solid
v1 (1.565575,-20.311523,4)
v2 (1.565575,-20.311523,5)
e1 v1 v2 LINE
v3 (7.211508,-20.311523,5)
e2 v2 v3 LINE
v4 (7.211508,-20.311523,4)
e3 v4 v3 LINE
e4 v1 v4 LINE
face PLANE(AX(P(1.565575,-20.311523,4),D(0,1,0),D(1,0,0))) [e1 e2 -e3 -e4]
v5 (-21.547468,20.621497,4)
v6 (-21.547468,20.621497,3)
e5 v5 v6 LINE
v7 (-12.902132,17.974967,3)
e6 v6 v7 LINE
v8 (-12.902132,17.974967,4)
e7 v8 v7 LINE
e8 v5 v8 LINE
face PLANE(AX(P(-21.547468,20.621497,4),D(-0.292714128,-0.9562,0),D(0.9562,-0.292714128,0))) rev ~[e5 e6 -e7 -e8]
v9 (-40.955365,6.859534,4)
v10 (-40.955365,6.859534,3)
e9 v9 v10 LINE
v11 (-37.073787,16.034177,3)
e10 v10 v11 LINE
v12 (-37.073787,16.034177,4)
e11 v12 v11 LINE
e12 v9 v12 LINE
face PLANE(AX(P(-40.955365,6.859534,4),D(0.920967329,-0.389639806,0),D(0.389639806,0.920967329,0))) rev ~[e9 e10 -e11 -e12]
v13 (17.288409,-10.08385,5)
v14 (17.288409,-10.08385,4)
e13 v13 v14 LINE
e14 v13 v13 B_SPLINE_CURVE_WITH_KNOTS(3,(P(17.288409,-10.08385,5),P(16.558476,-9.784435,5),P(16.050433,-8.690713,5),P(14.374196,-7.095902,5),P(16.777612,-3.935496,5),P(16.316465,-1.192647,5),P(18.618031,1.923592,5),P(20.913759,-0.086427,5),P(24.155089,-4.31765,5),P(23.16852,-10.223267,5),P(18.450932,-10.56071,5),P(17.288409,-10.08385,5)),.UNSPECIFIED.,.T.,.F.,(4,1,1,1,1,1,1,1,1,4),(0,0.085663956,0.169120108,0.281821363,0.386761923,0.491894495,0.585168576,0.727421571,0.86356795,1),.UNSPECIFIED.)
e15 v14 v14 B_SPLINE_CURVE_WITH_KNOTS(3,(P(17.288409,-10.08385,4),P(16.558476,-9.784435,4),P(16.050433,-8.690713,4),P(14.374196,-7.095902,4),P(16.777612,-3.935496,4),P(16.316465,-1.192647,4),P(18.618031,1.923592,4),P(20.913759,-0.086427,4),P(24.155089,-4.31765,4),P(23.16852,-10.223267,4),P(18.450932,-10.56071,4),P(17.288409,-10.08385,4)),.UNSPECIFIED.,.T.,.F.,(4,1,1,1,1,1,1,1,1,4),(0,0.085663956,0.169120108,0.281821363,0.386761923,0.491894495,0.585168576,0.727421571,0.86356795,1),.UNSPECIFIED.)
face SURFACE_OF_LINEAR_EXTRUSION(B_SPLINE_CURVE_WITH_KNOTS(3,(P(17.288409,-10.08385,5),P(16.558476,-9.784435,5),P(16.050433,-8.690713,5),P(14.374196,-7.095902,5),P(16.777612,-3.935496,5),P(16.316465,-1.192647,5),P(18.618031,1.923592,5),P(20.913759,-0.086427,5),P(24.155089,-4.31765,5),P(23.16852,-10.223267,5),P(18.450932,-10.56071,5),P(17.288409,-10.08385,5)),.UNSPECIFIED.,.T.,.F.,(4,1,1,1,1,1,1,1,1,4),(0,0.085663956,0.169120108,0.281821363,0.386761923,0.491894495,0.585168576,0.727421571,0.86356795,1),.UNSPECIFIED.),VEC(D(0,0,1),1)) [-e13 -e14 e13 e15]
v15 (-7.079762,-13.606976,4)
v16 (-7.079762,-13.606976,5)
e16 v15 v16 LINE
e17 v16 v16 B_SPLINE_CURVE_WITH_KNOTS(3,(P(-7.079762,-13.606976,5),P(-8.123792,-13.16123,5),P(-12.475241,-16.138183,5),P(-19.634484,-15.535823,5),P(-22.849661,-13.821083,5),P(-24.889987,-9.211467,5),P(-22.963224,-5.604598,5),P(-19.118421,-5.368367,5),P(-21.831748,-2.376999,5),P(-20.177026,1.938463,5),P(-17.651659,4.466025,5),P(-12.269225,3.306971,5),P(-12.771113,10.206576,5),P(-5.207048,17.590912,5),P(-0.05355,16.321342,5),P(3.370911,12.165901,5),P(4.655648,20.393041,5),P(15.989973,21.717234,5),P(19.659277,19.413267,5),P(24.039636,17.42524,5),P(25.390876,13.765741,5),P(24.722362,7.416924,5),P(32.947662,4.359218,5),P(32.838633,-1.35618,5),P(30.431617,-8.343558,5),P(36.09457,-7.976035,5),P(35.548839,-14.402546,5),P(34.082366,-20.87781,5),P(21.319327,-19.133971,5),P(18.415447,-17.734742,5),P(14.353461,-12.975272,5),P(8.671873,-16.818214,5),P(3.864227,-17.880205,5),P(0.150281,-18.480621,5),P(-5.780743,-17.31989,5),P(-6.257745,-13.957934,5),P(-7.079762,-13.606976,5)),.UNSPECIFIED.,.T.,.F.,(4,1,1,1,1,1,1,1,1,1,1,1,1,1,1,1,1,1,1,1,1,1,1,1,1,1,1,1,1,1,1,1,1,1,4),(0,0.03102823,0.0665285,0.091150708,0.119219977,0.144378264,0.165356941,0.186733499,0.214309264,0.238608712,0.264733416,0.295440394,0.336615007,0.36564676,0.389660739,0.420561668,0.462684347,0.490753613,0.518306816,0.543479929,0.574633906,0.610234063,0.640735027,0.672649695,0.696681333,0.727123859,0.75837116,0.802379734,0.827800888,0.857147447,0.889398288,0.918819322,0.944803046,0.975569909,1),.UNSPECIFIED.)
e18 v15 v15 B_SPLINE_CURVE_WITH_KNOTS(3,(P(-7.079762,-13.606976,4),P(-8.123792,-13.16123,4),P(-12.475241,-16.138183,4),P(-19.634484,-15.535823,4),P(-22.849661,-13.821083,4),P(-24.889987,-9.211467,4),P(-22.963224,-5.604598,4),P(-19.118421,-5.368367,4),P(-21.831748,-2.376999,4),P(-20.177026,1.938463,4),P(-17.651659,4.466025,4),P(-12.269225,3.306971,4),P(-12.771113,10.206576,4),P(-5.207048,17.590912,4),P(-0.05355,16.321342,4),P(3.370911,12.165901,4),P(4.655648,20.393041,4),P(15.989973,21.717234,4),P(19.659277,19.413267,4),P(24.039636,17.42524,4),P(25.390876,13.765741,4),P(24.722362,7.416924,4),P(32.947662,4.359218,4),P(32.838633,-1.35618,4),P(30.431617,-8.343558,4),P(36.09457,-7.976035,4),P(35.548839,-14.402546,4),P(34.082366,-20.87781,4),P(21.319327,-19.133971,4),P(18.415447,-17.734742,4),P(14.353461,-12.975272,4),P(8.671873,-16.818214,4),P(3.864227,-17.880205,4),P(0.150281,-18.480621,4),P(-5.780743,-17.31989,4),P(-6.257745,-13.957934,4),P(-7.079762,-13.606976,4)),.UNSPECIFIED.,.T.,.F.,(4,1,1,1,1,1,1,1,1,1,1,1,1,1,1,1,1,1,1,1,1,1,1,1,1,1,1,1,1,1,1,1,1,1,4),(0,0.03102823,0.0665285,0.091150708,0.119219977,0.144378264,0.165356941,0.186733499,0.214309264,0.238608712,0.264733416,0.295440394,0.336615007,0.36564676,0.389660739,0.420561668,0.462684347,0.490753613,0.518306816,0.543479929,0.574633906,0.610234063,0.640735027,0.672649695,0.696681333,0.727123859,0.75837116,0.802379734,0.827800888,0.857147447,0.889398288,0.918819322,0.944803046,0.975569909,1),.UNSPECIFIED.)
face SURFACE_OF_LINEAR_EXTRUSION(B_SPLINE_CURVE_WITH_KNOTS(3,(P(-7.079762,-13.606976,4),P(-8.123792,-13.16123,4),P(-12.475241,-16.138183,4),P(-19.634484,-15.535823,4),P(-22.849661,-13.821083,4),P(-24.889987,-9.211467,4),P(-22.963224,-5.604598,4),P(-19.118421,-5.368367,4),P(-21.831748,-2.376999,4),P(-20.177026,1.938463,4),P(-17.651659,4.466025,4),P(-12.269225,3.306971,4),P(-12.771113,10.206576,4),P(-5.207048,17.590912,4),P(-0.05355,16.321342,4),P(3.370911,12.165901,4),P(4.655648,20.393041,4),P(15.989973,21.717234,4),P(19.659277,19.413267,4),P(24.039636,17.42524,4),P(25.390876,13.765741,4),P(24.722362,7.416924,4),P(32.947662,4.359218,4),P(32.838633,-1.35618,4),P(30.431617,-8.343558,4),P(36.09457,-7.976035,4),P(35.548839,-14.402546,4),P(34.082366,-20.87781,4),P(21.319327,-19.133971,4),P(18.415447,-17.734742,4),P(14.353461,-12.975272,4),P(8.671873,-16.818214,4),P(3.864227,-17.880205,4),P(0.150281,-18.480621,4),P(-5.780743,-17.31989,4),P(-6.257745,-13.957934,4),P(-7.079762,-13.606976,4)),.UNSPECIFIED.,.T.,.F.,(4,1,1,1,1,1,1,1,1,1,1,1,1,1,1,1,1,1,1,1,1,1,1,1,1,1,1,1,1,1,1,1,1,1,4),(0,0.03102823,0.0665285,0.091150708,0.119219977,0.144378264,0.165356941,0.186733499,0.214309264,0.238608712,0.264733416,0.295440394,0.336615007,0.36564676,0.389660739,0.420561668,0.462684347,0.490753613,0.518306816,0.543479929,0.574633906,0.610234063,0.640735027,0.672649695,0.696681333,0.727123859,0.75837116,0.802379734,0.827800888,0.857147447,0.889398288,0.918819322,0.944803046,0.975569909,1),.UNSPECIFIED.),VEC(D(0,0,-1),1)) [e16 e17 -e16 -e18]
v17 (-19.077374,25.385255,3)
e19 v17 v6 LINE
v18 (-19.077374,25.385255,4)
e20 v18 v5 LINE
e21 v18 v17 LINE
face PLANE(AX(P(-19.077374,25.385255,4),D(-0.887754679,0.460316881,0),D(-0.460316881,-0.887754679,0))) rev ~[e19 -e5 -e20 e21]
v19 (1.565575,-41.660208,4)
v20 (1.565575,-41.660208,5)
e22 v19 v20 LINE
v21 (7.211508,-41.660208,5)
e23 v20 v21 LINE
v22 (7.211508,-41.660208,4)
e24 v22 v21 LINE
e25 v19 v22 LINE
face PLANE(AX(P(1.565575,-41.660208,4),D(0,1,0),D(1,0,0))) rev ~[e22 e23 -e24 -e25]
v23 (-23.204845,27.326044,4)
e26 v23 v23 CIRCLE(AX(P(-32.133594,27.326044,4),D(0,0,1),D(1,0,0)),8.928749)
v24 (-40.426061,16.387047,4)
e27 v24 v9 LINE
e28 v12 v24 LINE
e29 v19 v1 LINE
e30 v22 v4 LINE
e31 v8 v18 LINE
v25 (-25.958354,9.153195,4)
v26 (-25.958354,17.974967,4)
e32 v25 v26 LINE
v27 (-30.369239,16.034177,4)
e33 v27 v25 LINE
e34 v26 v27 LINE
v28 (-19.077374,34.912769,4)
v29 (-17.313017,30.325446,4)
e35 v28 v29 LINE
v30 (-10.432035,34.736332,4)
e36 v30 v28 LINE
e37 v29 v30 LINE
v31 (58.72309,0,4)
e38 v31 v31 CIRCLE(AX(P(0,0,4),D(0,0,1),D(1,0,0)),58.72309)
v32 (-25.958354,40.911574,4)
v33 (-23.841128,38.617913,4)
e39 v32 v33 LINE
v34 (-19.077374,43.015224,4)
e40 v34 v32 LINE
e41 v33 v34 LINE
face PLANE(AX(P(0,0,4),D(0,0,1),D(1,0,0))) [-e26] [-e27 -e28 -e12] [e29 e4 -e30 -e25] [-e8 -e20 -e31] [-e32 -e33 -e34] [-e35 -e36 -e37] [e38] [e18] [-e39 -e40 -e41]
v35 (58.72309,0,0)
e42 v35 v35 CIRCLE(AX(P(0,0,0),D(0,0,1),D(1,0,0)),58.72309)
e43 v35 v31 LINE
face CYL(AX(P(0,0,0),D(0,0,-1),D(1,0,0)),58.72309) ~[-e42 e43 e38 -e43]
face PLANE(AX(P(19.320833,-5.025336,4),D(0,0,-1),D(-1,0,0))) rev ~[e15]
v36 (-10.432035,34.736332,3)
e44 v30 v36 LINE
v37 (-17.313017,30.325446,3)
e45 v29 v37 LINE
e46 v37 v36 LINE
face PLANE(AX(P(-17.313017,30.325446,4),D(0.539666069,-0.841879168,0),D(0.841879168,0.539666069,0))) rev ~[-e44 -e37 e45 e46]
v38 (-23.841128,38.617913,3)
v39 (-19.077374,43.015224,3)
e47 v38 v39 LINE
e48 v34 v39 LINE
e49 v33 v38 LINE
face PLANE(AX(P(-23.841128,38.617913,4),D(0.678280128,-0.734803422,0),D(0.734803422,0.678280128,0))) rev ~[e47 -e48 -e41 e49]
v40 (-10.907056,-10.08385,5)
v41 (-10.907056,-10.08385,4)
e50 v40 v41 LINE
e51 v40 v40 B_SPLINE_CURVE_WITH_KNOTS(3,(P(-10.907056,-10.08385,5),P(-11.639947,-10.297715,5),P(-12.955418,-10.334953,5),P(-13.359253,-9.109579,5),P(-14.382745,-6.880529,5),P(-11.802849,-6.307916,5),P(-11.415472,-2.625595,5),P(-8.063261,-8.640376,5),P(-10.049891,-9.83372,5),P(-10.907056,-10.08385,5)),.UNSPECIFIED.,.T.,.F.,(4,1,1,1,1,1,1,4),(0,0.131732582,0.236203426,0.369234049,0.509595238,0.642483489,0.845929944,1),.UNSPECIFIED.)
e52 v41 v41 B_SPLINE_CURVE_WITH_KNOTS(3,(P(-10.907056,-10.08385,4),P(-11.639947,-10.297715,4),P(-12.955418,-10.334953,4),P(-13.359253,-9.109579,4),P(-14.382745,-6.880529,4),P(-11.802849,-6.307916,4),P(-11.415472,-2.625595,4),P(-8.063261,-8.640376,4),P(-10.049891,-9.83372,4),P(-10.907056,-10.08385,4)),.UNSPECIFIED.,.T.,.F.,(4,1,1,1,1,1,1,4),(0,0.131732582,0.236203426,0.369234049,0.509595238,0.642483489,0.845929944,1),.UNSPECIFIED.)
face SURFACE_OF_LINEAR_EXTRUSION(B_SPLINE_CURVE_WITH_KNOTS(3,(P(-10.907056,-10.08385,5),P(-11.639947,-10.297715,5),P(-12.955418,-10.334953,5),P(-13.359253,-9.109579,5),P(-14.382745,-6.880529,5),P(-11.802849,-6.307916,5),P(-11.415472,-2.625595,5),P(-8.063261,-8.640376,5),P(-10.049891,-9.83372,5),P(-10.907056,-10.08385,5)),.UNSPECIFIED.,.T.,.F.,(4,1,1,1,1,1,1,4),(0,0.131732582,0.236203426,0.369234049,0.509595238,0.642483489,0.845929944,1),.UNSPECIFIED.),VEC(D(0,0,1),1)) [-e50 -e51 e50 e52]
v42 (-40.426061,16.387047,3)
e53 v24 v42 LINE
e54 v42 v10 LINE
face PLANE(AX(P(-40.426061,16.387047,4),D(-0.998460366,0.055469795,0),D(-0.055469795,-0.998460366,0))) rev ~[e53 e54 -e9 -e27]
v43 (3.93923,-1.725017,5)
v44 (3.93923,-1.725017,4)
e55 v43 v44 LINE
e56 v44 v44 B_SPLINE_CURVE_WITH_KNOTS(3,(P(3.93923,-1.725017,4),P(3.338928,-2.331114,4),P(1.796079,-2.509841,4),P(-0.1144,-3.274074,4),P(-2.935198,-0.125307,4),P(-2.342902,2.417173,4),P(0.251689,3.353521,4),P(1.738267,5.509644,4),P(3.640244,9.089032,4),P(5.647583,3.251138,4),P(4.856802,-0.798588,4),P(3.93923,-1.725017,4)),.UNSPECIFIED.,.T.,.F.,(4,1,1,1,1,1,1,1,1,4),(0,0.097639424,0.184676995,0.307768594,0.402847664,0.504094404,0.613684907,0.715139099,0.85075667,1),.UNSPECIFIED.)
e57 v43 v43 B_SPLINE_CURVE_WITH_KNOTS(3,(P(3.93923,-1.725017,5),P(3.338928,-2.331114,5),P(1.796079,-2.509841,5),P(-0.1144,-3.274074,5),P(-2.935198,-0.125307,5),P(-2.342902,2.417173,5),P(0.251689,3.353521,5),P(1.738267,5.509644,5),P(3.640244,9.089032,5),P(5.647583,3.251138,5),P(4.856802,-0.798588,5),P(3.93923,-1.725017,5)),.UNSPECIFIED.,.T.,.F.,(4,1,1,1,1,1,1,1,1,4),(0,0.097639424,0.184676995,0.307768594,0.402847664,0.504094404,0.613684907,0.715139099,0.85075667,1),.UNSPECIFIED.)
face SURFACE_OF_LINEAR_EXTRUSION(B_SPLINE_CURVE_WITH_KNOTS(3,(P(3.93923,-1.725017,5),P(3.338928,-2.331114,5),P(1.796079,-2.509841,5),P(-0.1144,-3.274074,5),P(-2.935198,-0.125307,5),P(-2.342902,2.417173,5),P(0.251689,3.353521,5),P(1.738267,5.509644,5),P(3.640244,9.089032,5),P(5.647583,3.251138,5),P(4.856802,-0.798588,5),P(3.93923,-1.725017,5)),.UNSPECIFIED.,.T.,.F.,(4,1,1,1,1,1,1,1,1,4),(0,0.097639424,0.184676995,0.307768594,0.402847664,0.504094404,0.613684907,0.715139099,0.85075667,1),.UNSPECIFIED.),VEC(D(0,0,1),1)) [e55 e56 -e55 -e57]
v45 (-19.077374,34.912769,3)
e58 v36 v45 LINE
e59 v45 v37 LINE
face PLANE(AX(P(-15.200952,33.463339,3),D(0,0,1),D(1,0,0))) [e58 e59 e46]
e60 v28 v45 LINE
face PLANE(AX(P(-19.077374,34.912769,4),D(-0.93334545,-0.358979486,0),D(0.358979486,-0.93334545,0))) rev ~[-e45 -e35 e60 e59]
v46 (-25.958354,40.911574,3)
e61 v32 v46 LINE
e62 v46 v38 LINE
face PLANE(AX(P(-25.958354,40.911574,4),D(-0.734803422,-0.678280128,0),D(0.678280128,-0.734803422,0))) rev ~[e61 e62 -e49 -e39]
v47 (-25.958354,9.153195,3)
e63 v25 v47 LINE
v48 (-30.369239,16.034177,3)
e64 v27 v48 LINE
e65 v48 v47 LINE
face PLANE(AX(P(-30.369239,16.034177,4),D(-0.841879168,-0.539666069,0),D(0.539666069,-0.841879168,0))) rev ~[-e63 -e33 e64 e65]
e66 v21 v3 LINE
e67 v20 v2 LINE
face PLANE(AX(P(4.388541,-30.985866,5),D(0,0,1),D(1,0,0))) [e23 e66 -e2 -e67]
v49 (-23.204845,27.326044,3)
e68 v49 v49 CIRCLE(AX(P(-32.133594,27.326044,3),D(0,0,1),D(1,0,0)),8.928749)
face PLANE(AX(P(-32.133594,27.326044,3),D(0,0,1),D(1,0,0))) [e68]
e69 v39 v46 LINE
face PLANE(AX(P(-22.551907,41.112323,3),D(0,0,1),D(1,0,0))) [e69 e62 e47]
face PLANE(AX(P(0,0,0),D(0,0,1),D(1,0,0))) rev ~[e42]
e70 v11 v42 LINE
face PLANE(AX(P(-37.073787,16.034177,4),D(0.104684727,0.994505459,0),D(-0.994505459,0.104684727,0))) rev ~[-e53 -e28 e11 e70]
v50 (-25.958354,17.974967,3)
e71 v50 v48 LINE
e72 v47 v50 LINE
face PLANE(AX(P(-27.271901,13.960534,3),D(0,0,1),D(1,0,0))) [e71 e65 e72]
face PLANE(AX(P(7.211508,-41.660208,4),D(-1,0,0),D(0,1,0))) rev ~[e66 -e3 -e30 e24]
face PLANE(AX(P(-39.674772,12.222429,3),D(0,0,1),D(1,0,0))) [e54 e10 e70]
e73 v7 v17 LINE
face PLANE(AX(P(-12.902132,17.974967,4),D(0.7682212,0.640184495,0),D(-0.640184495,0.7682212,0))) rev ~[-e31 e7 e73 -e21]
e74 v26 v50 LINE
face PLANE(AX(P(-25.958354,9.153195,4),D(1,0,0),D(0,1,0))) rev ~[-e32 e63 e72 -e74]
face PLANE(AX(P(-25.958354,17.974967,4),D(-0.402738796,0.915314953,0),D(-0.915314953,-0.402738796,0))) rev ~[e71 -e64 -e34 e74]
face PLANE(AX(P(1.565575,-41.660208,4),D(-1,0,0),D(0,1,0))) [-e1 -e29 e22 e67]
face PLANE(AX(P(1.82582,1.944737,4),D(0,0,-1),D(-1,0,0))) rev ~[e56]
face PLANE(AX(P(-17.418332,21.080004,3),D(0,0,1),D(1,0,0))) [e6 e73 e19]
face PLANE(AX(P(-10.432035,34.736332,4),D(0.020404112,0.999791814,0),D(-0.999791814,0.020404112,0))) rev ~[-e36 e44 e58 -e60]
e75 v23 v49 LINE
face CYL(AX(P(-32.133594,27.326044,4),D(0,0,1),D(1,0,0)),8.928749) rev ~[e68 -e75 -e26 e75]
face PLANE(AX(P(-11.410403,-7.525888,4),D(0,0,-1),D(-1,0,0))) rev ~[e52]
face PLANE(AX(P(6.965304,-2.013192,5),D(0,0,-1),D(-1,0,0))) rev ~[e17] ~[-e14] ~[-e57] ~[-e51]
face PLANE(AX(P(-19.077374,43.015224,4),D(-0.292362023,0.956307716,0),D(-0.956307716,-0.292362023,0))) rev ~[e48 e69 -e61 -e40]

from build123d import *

# Parameters (mm, degrees)
F0_R      = 58.7230899661
F1_DEPTH  = 4
F3_DEPTH  = 1
F4_W      = 5.6459326297
F4_H      = 21.3486850262
F5_DEPTH  = 1
F6_R      = 8.9287488316
F7_DEPTH  = 1
F9_DEPTH  = 1
F11_DEPTH = 1


with BuildPart() as f1:
    # F0 (on Top) → F1 (new body)
    with BuildSketch(Plane.XY):
        Circle(F0_R)
    extrude(amount=F1_DEPTH)

    # F2 (on face) → F3 (join)
    with BuildSketch(Plane.XY.offset(4)):
        with BuildLine():
            add(Edge.make_bspline(
                [(-7.0797624066, -13.6069757864), (-8.1237919042, -13.1612297991), (-12.4752413526, -16.1381829323), (-19.6344842789, -15.5358231757), (-22.8496611219, -13.821082529), (-24.8899871678, -9.2114665666), (-22.9632243504, -5.6045975053), (-19.1184211627, -5.3683674503), (-21.8317476219, -2.3769989433), (-20.1770255267, 1.9384633445), (-17.6516591472, 4.4660249411), (-12.2692246409, 3.3069707491), (-12.7711128773, 10.2065758547), (-5.2070478337, 17.5909120343), (-0.0535496765, 16.3213421034), (3.3709105709, 12.1659008994), (4.6556481422, 20.3930406124), (15.9899725805, 21.7172343382), (19.6592766333, 19.4132671881), (24.0396358538, 17.4252401027), (25.3908757582, 13.7657414676), (24.7223620434, 7.4169241227), (32.9476623006, 4.359217623), (32.8386327421, -1.3561803472), (30.4316173049, -8.3435581045), (36.0945698344, -7.9760349957), (35.5488389604, -14.4025464856), (34.0823663613, -20.877809937), (21.3193272574, -19.1339705391), (18.4154467603, -17.7347424376), (14.353460754, -12.9752717979), (8.6718725682, -16.8182142149), (3.8642270119, -17.880205375), (0.150281386, -18.4806208225), (-5.7807431955, -17.3198898619), (-6.2577452786, -13.9579341043), (-7.0797624066, -13.6069757864)],
                knots=[0, 0, 0, 0, 0.0310282295, 0.0665284999, 0.0911507077, 0.1192199767, 0.1443782645, 0.1653569413, 0.1867334989, 0.2143092637, 0.2386087119, 0.2647334159, 0.2954403945, 0.336615007, 0.3656467604, 0.3896607393, 0.4205616681, 0.4626843472, 0.4907536128, 0.5183068163, 0.5434799289, 0.5746339055, 0.610234063, 0.6407350275, 0.6726496948, 0.6966813331, 0.7271238591, 0.7583711602, 0.8023797338, 0.8278008876, 0.8571474467, 0.8893982882, 0.9188193224, 0.9448030461, 0.9755699085, 1, 1, 1, 1], degree=3))
        make_face()
    extrude(amount=F3_DEPTH)

    # F4 (on face) → F5 (join)
    with BuildSketch(Plane.XY.offset(4)):
        with Locations((4.3885414489, -30.985865742)):
            Rectangle(F4_W, F4_H)
    extrude(amount=F5_DEPTH)

    # F6 (on face) → F7 (cut)
    with BuildSketch(Plane.XY.offset(4)):
        with Locations((-32.1335941553, 27.3260436952)):
            Circle(F6_R)
    extrude(amount=-F7_DEPTH, mode=Mode.SUBTRACT)

    # F8 (on face) → F9 (cut)
    with BuildSketch(Plane.XY.offset(4)):
        Polygon((-19.0773736686, 43.0152244403), (-25.9583536536, 40.9115739167), (-23.8411277533, 38.6179126799), align=None)
        Polygon((-10.4320347309, 34.7363315523), (-19.0773736686, 34.9127687514), (-17.3130165786, 30.3254462779), align=None)
        Polygon((-19.0773736686, 25.385254994), (-21.5474683791, 20.621497184), (-12.9021322355, 17.974967137), align=None)
        Polygon((-25.9583536536, 17.974967137), (-30.369238928, 16.0341765732), (-25.9583536536, 9.1531947255), align=None)
        Polygon((-37.0737873018, 16.0341765732), (-40.4260605574, 16.3870472461), (-40.9553647041, 6.8595339544), align=None)
    extrude(amount=-F9_DEPTH, mode=Mode.SUBTRACT)

    # F10 (on face) → F11 (cut)
    with BuildSketch(Plane.XY.offset(5)):
        with BuildLine():
            add(Edge.make_bspline(
                [(3.9392304607, -1.725016511), (3.3389278599, -2.3311137593), (1.7960793796, -2.5098405038), (-0.1143999822, -3.2740740829), (-2.9351981666, -0.1253071656), (-2.3429019607, 2.4171730428), (0.251688615, 3.3535211095), (1.7382669289, 5.5096435842), (3.6402437679, 9.0890322129), (5.6475828773, 3.2511384682), (4.8568020297, -0.7985877359), (3.9392304607, -1.725016511)],
                knots=[0, 0, 0, 0, 0.0976394236, 0.1846769946, 0.3077685936, 0.4028476644, 0.5040944042, 0.6136849067, 0.715139099, 0.85075667, 1, 1, 1, 1], degree=3))
        make_face()
        with BuildLine():
            add(Edge.make_bspline(
                [(-10.9070558101, -10.0838495418), (-11.6399469387, -10.2977150749), (-12.9554178997, -10.3349526533), (-13.3592529485, -9.1095793979), (-14.3827449096, -6.8805289805), (-11.80284879, -6.3079164171), (-11.4154720518, -2.6255947939), (-8.0632612505, -8.6403755559), (-10.0498906647, -9.8337195108), (-10.9070558101, -10.0838495418)],
                knots=[0, 0, 0, 0, 0.1317325817, 0.2362034259, 0.369234049, 0.5095952384, 0.6424834886, 0.8459299436, 1, 1, 1, 1], degree=3))
        make_face()
        with BuildLine():
            add(Edge.make_bspline(
                [(17.2884091735, -10.0838495418), (16.5584759392, -9.7844349271), (16.0504329988, -8.690712767), (14.3741960954, -7.0959018407), (16.7776115076, -3.9354963721), (16.3164645284, -1.1926472216), (18.6180305915, 1.9235923572), (20.9137585384, -0.0864269955), (24.1550892799, -4.3176495993), (23.1685197368, -10.2232669426), (18.4509318078, -10.560709959), (17.2884091735, -10.0838495418)],
                knots=[0, 0, 0, 0, 0.0856639557, 0.1691201078, 0.2818213634, 0.3867619231, 0.4918944954, 0.5851685755, 0.7274215706, 0.86356795, 1, 1, 1, 1], degree=3))
        make_face()
    extrude(amount=-F11_DEPTH, mode=Mode.SUBTRACT)


solid = f1.part
